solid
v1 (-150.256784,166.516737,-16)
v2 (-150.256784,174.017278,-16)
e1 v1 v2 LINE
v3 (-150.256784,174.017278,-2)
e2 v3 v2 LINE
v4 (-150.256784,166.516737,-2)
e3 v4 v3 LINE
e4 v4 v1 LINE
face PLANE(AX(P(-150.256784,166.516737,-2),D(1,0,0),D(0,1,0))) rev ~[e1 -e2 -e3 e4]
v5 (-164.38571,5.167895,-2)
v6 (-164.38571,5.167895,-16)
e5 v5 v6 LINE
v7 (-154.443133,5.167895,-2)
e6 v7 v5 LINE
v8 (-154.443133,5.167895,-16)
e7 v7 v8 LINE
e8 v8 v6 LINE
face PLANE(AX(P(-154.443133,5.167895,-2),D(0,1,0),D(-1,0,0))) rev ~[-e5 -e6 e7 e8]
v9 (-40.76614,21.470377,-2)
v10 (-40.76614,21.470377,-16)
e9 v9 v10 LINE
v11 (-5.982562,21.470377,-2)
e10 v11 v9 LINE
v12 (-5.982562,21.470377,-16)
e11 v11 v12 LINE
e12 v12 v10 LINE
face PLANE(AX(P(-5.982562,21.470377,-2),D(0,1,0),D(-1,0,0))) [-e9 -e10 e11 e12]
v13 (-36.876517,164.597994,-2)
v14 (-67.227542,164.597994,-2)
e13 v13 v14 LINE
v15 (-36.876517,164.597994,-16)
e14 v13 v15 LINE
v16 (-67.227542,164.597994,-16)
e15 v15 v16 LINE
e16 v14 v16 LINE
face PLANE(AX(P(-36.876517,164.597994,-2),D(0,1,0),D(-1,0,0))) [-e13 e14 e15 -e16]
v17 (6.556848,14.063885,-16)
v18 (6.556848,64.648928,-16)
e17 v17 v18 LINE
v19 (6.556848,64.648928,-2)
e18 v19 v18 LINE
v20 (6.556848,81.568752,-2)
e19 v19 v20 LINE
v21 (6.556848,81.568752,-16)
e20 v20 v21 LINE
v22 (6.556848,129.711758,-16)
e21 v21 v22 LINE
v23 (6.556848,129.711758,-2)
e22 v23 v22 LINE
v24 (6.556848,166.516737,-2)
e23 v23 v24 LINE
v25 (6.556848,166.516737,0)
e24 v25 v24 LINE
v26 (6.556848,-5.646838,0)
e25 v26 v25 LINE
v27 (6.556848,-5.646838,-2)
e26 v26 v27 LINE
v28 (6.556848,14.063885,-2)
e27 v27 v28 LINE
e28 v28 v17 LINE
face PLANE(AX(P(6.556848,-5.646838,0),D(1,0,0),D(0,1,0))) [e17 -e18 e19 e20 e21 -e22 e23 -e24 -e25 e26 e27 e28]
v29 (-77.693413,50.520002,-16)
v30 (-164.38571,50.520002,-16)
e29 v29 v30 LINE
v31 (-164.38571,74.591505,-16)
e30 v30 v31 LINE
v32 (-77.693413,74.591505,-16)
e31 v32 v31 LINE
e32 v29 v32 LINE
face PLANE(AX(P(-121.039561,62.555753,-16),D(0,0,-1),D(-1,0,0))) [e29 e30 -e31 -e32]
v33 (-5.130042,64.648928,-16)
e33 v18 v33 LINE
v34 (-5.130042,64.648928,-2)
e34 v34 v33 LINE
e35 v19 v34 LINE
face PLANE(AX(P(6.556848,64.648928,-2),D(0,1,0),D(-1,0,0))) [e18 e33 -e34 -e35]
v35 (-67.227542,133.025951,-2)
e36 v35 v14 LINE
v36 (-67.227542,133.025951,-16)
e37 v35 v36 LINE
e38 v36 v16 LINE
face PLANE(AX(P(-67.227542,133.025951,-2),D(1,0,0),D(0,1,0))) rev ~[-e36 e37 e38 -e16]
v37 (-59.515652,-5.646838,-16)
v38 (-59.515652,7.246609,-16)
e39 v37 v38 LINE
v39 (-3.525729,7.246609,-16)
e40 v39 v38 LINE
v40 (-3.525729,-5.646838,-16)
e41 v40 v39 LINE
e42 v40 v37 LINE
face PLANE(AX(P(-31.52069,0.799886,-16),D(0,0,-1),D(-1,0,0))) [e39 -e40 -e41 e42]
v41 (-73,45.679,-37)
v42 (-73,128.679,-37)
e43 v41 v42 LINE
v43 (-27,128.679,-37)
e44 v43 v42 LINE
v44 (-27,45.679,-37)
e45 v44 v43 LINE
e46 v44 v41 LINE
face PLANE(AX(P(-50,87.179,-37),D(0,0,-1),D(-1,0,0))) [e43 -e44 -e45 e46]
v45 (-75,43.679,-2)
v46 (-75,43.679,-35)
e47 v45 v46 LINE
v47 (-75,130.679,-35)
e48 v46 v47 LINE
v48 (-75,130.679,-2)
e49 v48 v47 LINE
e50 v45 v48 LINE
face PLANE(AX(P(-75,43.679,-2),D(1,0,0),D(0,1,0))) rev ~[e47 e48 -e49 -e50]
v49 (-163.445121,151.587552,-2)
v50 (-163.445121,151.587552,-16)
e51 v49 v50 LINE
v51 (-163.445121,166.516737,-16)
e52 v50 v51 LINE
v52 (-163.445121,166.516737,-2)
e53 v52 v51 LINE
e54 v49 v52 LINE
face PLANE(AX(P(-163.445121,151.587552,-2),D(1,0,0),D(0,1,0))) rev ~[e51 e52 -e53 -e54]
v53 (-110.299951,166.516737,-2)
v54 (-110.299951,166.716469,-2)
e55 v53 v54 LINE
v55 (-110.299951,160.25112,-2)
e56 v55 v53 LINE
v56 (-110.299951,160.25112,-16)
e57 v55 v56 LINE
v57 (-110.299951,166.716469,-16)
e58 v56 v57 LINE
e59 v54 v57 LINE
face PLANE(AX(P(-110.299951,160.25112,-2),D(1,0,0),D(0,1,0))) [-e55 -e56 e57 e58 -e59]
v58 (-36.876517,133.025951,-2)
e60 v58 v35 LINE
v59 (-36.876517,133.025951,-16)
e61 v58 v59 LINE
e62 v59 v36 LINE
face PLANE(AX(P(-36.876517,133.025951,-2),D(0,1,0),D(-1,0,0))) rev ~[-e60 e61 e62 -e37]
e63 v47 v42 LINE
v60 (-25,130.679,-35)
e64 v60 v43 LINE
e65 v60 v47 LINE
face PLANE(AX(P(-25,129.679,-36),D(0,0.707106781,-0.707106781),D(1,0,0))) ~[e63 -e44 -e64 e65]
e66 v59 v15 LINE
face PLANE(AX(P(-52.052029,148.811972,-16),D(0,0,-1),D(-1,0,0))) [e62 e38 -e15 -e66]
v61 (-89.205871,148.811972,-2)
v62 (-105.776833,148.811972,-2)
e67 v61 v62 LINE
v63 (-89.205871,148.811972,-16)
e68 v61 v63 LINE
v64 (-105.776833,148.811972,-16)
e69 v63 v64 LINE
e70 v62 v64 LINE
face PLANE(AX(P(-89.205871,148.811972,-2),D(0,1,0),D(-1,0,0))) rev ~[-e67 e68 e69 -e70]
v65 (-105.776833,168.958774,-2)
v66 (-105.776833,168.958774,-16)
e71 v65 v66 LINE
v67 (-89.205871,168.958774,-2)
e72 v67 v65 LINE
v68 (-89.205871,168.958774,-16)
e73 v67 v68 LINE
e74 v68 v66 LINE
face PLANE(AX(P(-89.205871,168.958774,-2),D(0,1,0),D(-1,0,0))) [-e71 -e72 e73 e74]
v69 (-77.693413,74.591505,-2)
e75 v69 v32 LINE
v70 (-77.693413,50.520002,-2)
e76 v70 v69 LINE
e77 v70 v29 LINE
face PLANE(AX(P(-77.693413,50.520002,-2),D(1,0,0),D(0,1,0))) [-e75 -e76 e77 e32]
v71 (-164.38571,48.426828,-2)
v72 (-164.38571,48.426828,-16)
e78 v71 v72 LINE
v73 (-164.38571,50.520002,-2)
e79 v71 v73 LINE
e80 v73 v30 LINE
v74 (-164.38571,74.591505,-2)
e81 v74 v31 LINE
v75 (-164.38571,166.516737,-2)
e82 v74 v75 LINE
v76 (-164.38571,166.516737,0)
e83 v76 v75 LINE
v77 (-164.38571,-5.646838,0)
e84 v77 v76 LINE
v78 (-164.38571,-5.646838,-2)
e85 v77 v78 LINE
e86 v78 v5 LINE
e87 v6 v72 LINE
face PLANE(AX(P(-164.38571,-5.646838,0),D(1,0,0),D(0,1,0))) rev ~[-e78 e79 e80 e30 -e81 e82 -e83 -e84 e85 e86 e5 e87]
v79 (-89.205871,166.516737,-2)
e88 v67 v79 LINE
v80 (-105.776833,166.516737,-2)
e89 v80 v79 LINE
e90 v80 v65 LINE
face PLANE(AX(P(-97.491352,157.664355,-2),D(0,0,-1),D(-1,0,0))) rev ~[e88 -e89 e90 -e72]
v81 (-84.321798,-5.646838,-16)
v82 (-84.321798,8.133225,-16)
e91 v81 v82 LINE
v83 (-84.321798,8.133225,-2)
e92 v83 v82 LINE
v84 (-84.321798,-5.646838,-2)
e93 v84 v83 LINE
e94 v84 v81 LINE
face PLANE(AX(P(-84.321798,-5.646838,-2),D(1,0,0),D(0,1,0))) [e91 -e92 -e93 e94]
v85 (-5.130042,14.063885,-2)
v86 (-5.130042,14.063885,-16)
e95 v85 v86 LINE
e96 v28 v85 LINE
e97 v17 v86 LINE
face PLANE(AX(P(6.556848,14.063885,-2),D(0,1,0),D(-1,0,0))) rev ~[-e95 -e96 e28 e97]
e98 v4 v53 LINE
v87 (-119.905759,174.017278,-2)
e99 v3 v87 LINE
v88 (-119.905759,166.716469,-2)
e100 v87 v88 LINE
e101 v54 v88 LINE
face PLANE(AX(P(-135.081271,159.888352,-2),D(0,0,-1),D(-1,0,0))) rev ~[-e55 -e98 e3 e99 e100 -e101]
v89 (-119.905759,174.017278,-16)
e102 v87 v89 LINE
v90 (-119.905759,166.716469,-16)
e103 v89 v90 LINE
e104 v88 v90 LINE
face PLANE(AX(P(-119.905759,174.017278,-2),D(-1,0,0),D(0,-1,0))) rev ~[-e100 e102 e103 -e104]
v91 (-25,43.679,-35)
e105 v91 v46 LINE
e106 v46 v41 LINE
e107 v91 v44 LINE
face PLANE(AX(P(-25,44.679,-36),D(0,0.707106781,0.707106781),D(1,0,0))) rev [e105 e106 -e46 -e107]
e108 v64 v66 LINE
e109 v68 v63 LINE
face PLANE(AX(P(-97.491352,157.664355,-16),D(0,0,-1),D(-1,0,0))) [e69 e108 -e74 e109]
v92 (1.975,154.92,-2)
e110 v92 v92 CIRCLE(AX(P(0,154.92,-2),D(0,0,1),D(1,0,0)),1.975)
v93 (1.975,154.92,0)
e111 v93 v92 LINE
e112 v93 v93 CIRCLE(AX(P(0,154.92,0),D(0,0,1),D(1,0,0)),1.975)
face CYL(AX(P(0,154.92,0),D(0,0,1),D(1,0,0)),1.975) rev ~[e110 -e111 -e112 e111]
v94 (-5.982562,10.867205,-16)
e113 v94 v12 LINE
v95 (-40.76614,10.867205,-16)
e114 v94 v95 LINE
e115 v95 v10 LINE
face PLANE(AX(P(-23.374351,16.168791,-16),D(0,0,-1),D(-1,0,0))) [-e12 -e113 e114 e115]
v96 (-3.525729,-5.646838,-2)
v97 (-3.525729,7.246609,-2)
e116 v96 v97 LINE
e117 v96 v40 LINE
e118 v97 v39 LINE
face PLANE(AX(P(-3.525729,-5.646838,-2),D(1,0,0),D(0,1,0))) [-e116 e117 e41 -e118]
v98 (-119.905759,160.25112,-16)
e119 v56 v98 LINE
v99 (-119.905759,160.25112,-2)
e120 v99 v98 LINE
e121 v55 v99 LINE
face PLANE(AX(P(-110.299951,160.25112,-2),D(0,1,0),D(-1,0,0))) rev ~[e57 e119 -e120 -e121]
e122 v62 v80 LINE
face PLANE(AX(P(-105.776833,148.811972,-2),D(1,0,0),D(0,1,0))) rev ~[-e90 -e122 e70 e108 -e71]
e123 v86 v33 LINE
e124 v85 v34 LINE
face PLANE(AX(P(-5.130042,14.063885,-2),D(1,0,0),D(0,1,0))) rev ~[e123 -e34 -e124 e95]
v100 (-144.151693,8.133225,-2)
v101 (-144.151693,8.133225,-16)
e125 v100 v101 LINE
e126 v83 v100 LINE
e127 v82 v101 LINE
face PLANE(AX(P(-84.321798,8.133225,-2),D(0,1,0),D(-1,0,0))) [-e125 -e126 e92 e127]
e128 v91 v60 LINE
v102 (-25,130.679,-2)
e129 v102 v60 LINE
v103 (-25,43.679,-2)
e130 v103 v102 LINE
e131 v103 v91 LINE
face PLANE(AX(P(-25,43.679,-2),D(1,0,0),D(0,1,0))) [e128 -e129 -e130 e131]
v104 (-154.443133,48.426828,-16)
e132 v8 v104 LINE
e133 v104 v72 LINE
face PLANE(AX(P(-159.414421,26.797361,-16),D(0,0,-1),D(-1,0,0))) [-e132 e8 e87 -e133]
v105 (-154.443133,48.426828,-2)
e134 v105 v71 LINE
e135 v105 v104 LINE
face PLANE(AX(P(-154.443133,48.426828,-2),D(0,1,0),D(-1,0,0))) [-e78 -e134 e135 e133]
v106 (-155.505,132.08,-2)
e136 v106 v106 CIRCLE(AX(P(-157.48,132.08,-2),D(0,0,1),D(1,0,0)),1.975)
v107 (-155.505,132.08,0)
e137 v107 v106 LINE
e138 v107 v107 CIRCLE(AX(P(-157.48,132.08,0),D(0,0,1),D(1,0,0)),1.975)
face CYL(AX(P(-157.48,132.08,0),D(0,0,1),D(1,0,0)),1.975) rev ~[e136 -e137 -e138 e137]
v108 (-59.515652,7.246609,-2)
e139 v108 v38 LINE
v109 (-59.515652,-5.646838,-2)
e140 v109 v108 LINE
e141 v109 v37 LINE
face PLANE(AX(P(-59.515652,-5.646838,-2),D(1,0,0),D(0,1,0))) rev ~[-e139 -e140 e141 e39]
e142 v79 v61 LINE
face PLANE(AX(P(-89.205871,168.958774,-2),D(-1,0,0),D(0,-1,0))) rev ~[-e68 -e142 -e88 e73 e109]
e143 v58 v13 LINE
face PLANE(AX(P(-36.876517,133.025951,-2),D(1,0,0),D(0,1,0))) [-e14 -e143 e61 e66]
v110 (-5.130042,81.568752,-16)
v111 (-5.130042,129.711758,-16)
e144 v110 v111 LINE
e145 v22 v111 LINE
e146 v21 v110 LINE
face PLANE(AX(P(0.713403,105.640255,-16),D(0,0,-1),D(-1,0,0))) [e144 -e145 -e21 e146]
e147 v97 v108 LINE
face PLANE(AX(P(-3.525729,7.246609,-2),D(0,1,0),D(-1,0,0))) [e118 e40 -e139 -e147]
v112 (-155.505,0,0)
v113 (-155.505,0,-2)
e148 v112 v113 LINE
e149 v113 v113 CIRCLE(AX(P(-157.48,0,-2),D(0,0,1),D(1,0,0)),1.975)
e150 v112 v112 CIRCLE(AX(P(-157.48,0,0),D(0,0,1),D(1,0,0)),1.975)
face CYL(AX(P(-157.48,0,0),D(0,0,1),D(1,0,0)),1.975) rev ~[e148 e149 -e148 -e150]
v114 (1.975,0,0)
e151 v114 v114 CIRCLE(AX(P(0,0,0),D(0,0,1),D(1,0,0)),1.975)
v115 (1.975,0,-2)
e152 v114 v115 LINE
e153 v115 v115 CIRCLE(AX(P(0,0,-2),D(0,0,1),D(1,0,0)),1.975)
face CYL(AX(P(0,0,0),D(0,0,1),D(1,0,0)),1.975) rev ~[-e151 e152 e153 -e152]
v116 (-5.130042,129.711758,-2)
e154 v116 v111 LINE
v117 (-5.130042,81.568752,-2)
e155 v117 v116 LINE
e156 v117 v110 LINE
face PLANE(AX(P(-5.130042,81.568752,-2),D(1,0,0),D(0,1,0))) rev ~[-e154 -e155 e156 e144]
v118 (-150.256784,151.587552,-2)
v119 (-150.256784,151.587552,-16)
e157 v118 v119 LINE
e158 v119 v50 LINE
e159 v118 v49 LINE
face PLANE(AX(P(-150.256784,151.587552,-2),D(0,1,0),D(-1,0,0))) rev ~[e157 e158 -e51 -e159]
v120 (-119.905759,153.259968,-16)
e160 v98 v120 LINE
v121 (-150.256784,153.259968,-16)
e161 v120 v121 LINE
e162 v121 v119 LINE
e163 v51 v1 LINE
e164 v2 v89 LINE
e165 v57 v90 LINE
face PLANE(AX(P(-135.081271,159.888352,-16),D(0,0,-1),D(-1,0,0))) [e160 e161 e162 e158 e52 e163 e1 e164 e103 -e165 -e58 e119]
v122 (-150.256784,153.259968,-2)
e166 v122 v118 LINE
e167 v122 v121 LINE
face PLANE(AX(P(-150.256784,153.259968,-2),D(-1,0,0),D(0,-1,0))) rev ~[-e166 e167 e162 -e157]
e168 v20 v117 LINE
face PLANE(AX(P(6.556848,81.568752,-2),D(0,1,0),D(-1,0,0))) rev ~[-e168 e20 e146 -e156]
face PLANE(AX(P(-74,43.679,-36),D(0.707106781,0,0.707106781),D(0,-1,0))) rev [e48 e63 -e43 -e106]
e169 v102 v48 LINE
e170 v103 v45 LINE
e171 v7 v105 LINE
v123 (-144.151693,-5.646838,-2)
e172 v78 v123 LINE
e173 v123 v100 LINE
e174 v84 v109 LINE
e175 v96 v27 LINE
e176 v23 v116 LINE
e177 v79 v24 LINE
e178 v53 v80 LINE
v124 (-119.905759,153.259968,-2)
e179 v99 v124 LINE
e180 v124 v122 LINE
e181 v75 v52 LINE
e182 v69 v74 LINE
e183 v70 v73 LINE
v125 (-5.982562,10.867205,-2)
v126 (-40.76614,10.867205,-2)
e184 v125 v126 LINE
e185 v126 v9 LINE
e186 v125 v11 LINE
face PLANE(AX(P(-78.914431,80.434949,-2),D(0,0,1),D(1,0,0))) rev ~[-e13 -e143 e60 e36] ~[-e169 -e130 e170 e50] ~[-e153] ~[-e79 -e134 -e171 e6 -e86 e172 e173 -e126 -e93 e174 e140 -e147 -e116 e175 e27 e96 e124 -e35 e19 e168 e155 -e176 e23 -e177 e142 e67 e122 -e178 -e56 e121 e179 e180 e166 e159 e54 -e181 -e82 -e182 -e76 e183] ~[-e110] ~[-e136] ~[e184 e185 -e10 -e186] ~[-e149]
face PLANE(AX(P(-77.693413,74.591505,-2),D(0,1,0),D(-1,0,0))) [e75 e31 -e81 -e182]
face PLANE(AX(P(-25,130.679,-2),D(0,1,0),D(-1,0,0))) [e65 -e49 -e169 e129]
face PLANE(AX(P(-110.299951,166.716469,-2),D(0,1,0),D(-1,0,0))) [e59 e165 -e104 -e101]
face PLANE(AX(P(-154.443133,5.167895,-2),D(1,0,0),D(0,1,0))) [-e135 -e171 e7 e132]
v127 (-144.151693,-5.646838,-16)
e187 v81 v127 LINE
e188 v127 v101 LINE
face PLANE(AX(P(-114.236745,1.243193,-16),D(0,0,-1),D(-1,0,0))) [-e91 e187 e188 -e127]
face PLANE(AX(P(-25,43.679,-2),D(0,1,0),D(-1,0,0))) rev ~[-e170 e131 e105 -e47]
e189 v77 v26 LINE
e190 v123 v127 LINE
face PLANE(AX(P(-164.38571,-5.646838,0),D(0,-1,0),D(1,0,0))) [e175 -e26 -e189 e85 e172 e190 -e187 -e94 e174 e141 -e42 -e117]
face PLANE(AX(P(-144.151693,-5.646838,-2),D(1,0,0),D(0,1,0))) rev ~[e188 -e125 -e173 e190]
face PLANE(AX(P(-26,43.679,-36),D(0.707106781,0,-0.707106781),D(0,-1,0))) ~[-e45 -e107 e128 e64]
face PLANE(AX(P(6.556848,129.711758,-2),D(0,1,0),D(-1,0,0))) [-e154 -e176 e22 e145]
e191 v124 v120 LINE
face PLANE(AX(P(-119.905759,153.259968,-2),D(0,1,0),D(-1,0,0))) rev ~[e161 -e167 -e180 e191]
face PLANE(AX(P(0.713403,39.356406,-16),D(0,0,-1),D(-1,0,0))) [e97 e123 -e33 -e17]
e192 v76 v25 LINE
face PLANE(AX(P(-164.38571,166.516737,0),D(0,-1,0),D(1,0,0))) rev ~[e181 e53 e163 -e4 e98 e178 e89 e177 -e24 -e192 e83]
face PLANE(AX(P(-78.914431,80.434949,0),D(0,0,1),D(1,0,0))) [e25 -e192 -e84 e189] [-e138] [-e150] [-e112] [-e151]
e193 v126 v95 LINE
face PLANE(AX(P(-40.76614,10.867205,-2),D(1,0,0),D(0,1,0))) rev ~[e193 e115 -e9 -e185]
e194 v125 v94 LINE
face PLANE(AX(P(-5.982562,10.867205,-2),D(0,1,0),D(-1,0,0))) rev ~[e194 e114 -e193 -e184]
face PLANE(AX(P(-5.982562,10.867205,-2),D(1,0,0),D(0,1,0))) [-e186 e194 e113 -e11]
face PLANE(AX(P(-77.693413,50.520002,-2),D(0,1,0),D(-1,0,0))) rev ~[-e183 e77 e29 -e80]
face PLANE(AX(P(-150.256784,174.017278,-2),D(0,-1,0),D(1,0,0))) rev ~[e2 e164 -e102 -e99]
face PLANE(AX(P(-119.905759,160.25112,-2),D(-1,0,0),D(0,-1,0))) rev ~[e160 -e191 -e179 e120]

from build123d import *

# Parameters (mm, degrees)
SKETCH_1_W      = 170.942557362
SKETCH_1_H      = 172.163575629
EXTRUDE_1_DEPTH = 2
SKETCH_2_W      = 50
SKETCH_2_H      = 87
EXTRUDE_2_DEPTH = 35
SKETCH_3_W      = 30.35102549
SKETCH_3_H      = 31.572043757
SKETCH_3_W_2    = 16.570962193
SKETCH_3_H_2    = 17.704764869
SKETCH_3_H_3    = 2.442036534
SKETCH_3_W_3    = 86.692296948
SKETCH_3_H_4    = 24.071502975
SKETCH_3_W_4    = 9.942577316
SKETCH_3_H_5    = 43.258932884
SKETCH_3_W_5    = 59.829895076
SKETCH_3_H_6    = 13.780063298
SKETCH_3_W_6    = 55.989922961
SKETCH_3_H_7    = 12.893447817
SKETCH_3_W_7    = 34.783578006
SKETCH_3_H_8    = 10.603172478
SKETCH_3_W_8    = 11.686889126
SKETCH_3_H_9    = 48.143005951
SKETCH_3_H_10   = 50.585042485
SKETCH_3_W_9    = 9.605807423
SKETCH_3_H_11   = 6.465349072
EXTRUDE_3_DEPTH = 14
CHAMFER_1_SIZE  = 2


with BuildPart() as part:
    # 草图1 → 凸台-拉伸1 (new body)
    with BuildSketch(Plane.XY):
        with Locations((-78.914431177, 80.434949445)):
            Rectangle(SKETCH_1_W, SKETCH_1_H)
        with BuildLine():
            ThreePointArc((-159.455, 0), (-157.48, -1.975), (-155.505, 0))
            ThreePointArc((-155.505, 0), (-157.48, 1.975), (-159.455, 0))
        make_face(mode=Mode.SUBTRACT)
        with BuildLine():
            ThreePointArc((-1.975, 0), (0, -1.975), (1.975, 0))
            ThreePointArc((1.975, 0), (0, 1.975), (-1.975, 0))
        make_face(mode=Mode.SUBTRACT)
        with BuildLine():
            ThreePointArc((-1.975, 154.919999989), (0, 152.944999989), (1.975, 154.919999989))
            ThreePointArc((1.975, 154.919999989), (0, 156.894999989), (-1.975, 154.919999989))
        make_face(mode=Mode.SUBTRACT)
        with BuildLine():
            ThreePointArc((-159.455, 132.08), (-157.48, 130.105), (-155.505, 132.08))
            ThreePointArc((-155.505, 132.08), (-157.48, 134.055), (-159.455, 132.08))
        make_face(mode=Mode.SUBTRACT)
    extrude(amount=-EXTRUDE_1_DEPTH)

    # 草图2 → 凸台-拉伸2 (add)
    with BuildSketch(Plane(origin=(0, 0, -2), x_dir=(-1, 0, 0), z_dir=(0, 0, -1))):
        with Locations((50, 87.178999994)):
            Rectangle(SKETCH_2_W, SKETCH_2_H)
    extrude(amount=EXTRUDE_2_DEPTH)

    # 草图3 → 凸台-拉伸3 (add)
    with BuildSketch(Plane(origin=(0, 0, -2), x_dir=(-1, 0, 0), z_dir=(0, 0, -1))):
        with Locations((52.052029306, 148.811972389)):
            Rectangle(SKETCH_3_W, SKETCH_3_H)
        with Locations((97.491351952, 157.664354825)):
            Rectangle(SKETCH_3_W_2, SKETCH_3_H_2)
        Polygon((150.256784199, 166.516737259), (119.905758708, 166.516737259), (119.905758708, 160.251119597), (119.905758708, 153.259967505), (150.256784199, 153.259967505), align=None)
        with Locations((97.491351952, 167.737755526)):
            Rectangle(SKETCH_3_W_2, SKETCH_3_H_3)
        Polygon((119.905758708, 166.716468669), (119.905758708, 166.516737259), (150.256784199, 166.516737259), (150.256784199, 166.716468669), (150.256784199, 174.017278041), (119.905758708, 174.017278041), align=None)
        Polygon((163.445120655, 166.516737259), (150.256784199, 166.516737259), (150.256784199, 153.259967505), (150.256784199, 151.587551841), (163.445120655, 151.587551841), align=None)
        with Locations((121.039561384, 62.555753395)):
            Rectangle(SKETCH_3_W_3, SKETCH_3_H_4)
        with Locations((159.4144212, 26.797361293)):
            Rectangle(SKETCH_3_W_4, SKETCH_3_H_5)
        with Locations((114.236745326, 1.243193279)):
            Rectangle(SKETCH_3_W_5, SKETCH_3_H_6)
        with Locations((31.520690489, 0.799885539)):
            Rectangle(SKETCH_3_W_6, SKETCH_3_H_7)
        with Locations((23.374350658, 16.168791166)):
            Rectangle(SKETCH_3_W_7, SKETCH_3_H_8)
        with Locations((-0.713402941, 105.640255096)):
            Rectangle(SKETCH_3_W_8, SKETCH_3_H_9)
        with Locations((-0.713402941, 39.356406323)):
            Rectangle(SKETCH_3_W_8, SKETCH_3_H_10)
        with Locations((115.102854997, 163.483794133)):
            Rectangle(SKETCH_3_W_9, SKETCH_3_H_11)
    extrude(amount=EXTRUDE_3_DEPTH)

    # 倒角1
    chamfer_1_edges = [part.edges().sort_by_distance(p)[0] for p in [
        (-25, 87.178999994, -37),
        (-50, 43.678999994, -37),
        (-75, 87.178999994, -37),
        (-50, 130.678999994, -37),
    ]]
    chamfer(chamfer_1_edges, length=CHAMFER_1_SIZE)


solid = part.part
